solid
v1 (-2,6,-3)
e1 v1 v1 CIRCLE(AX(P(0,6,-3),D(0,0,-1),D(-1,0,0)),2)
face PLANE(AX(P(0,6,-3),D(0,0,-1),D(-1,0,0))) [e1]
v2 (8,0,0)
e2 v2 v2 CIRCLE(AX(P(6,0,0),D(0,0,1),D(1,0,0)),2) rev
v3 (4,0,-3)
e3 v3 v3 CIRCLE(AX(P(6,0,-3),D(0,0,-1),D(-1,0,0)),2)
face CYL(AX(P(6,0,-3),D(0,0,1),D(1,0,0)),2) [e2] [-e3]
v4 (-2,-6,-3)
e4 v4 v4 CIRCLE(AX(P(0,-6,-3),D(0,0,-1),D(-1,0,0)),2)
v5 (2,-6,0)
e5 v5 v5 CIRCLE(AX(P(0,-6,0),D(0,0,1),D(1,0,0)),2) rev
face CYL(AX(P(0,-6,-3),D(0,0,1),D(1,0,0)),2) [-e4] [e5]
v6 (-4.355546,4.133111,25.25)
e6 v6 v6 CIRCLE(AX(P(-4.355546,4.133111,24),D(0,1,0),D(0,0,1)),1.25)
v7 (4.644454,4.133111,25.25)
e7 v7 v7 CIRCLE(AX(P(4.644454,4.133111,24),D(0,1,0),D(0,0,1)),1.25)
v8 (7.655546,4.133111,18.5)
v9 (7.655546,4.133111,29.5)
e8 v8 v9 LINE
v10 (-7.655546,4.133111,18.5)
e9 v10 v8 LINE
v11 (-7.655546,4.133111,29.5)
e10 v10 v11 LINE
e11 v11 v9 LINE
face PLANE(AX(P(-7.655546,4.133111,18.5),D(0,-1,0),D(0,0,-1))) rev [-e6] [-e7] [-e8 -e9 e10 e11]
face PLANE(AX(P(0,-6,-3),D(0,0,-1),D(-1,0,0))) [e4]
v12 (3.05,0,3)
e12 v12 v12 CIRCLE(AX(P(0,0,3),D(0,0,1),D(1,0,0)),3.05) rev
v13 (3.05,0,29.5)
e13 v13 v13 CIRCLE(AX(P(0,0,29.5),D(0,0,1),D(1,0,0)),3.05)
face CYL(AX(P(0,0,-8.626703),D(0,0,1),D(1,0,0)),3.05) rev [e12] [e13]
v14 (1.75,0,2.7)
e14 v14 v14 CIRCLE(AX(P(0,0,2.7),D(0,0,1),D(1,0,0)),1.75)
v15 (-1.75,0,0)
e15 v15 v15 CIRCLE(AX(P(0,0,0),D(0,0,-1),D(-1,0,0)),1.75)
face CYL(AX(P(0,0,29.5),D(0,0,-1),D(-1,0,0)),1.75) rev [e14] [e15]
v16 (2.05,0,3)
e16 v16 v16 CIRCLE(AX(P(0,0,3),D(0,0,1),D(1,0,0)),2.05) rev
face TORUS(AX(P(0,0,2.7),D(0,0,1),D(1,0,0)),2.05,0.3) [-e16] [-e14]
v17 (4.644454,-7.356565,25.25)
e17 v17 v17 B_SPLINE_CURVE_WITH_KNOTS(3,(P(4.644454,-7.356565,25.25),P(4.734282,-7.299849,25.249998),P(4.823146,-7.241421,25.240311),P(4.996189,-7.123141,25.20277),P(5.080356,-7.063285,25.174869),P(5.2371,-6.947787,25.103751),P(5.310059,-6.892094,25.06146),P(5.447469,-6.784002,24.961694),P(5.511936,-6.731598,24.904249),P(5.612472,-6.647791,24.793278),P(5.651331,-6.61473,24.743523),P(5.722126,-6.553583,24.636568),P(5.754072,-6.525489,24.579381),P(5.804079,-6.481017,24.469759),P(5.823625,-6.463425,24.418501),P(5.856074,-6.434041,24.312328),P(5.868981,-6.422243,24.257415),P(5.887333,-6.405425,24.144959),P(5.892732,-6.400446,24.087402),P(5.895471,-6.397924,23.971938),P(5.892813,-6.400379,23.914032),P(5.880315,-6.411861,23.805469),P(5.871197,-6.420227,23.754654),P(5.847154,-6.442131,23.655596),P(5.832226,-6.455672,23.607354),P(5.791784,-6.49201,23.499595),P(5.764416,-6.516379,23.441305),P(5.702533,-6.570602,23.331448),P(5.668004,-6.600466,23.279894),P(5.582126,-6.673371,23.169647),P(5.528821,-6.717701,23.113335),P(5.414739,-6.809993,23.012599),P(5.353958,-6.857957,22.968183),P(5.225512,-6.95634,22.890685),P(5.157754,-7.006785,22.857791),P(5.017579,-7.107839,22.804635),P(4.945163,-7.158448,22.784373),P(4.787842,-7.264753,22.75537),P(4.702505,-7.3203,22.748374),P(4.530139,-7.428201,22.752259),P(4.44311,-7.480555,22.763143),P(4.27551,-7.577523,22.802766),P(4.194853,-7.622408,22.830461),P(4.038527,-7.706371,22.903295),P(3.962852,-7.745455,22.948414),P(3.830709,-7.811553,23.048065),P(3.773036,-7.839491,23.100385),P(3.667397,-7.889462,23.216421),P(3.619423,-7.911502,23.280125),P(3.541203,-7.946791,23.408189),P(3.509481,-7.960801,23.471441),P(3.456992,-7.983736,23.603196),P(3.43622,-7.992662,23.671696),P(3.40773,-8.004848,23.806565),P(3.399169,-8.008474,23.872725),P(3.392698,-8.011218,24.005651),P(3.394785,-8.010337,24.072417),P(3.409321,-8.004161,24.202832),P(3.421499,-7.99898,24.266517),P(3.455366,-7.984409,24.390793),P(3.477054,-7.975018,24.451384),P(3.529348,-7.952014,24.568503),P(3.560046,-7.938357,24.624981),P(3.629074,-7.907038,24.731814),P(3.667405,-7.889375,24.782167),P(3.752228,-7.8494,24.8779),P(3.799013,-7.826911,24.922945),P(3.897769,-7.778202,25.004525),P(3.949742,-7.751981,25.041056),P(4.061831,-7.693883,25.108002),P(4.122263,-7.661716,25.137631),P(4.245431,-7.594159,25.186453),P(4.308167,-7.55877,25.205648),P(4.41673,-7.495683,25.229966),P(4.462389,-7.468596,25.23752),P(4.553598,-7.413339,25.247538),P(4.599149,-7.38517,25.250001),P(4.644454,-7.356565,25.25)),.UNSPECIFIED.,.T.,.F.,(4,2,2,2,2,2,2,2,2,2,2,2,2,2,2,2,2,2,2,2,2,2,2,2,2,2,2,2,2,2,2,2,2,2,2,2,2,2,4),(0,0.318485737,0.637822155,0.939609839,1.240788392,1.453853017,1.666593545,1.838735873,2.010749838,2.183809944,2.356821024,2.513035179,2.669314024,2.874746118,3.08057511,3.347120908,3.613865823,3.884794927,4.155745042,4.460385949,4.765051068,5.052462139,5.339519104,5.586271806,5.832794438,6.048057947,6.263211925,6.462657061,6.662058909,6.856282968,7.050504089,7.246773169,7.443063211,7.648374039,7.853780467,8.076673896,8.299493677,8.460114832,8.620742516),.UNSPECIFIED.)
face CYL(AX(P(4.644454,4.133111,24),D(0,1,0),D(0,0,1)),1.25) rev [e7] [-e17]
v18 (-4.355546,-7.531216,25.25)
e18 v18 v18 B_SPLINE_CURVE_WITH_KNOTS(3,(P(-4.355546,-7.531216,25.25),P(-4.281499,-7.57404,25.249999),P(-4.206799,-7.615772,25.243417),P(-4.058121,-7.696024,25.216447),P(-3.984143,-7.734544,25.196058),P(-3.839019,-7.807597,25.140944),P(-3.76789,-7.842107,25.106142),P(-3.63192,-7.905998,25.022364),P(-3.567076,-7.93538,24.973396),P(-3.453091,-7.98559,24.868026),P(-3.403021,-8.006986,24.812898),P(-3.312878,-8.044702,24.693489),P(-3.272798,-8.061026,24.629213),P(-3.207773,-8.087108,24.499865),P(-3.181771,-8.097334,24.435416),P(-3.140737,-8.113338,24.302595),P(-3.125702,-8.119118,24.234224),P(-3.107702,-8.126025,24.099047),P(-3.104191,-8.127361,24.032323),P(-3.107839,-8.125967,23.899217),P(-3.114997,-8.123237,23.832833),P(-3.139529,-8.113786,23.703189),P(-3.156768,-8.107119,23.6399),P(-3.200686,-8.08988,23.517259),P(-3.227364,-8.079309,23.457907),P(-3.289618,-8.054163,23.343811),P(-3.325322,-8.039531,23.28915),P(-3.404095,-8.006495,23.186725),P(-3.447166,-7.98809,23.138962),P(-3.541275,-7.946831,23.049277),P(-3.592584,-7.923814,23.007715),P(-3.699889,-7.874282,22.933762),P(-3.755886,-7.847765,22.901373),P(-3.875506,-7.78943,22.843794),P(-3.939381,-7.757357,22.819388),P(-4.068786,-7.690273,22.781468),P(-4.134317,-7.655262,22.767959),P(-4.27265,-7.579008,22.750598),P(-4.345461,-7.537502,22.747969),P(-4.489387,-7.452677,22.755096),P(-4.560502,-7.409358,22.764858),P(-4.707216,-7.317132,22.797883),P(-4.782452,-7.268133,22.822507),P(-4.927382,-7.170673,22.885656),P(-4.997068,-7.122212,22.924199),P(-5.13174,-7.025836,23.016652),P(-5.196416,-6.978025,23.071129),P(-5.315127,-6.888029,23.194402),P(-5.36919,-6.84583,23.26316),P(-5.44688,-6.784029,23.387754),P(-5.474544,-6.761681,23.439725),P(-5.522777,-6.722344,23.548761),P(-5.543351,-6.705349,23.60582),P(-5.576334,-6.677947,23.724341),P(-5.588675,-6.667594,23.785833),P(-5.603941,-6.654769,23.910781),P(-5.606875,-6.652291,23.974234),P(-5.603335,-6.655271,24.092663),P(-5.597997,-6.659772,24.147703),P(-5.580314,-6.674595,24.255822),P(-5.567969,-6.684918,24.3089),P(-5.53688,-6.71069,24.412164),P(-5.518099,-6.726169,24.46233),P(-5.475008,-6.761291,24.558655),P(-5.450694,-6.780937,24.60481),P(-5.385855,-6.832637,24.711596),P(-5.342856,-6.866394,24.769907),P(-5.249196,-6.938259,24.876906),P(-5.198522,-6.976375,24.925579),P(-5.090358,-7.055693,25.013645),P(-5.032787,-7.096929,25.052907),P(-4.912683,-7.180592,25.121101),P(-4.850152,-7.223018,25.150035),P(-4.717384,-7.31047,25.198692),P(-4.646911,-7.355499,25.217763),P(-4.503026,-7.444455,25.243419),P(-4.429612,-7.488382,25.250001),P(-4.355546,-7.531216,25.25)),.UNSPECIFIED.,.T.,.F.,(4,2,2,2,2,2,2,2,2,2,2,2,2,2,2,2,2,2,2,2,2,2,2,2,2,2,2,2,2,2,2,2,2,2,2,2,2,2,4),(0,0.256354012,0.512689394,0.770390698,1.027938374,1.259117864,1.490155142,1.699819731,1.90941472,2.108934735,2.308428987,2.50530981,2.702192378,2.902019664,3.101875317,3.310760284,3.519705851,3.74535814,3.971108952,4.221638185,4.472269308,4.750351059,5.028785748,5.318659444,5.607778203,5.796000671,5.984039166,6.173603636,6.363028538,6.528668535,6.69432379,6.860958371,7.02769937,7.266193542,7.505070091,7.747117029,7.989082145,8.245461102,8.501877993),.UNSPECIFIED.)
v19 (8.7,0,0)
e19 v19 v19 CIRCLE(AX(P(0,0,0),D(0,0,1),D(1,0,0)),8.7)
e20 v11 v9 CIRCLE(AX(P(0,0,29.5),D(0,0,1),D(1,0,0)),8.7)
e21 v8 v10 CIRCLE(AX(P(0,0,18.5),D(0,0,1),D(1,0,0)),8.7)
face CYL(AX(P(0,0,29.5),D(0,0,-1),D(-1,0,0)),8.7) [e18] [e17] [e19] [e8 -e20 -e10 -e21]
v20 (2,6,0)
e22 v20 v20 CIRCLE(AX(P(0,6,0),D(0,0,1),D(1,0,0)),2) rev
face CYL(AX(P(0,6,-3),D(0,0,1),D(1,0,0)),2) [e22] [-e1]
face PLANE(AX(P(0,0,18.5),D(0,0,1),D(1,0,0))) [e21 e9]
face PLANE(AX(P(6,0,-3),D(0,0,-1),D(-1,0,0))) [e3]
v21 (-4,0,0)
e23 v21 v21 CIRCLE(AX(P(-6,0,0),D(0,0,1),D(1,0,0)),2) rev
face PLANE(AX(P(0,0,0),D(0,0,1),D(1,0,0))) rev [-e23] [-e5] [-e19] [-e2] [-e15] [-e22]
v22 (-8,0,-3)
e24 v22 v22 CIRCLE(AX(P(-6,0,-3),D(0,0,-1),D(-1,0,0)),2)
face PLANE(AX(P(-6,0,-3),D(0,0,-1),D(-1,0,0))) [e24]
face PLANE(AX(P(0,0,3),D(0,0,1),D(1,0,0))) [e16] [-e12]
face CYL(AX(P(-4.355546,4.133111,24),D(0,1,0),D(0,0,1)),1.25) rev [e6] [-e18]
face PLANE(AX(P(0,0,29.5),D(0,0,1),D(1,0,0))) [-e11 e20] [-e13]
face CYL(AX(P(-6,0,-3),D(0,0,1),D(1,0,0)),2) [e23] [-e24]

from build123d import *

# Parameters (mm, degrees)
SKETCH1_R                   = 8.7
BOSS_EXTRUDE1_DEPTH         = 29.5
SKETCH5_R                   = 1.75
CUT_EXTRUDE1_DEPTH          = 32.962947298
SKETCH6_R                   = 3.05
CUT_EXTRUDE3_DEPTH          = 26.5
SKETCH2_W                   = 17
SKETCH2_H                   = 4.566888769
CUT_EXTRUDE4_DEPTH          = 11
FILLET1_R                   = 0.3
TAP_DRILL_FOR_M3X0_5_TAP1_D = 2.5
SKETCH4_R                   = 2
BOSS_EXTRUDE2_DEPTH         = 3


with BuildPart() as part:
    # Sketch1 → Boss-Extrude1 (new body)
    with BuildSketch(Plane.XY):
        Circle(SKETCH1_R)
    extrude(amount=BOSS_EXTRUDE1_DEPTH)

    # Sketch5 → Cut-Extrude1 (cut, through all)
    with BuildSketch(Plane(origin=(0, 0, 0), x_dir=(-1, 0, 0), z_dir=(0, 0, -1))):
        Circle(SKETCH5_R)
    extrude(amount=-CUT_EXTRUDE1_DEPTH, mode=Mode.SUBTRACT)

    # Sketch6 → Cut-Extrude3 (cut)
    with BuildSketch(Plane.XY.offset(29.5)):
        Circle(SKETCH6_R)
    extrude(amount=-CUT_EXTRUDE3_DEPTH, mode=Mode.SUBTRACT)

    # Sketch2 → Cut-Extrude4 (cut)
    with BuildSketch(Plane.XY.offset(29.5)):
        with Locations((0.844453543, 6.416555616)):
            Rectangle(SKETCH2_W, SKETCH2_H)
    extrude(amount=-CUT_EXTRUDE4_DEPTH, mode=Mode.SUBTRACT)

    # Fillet1
    fillet1_edges = [part.edges().sort_by_distance(p)[0] for p in [
        (1.75, 0, 3),
    ]]
    fillet(fillet1_edges, radius=FILLET1_R)

    # Tap Drill for M3x0.5 Tap1 (through all)
    with Locations(Plane(origin=(0, 4.133111231, 0), x_dir=(1, 0, 0), z_dir=(0, 1, 0))):
        with Locations((4.644453543, -24), (-4.355546457, -24)):
            Hole(TAP_DRILL_FOR_M3X0_5_TAP1_D / 2)

    # Sketch4 → Boss-Extrude2 (add)
    with BuildSketch(Plane(origin=(0, 0, 0), x_dir=(-1, 0, 0), z_dir=(0, 0, -1))):
        with Locations(Location((0, 6, 0), (0, 0, 180))):
            Circle(SKETCH4_R)
        with Locations(Location((6, 0, 0), (0, 0, 180))):
            Circle(SKETCH4_R)
        with Locations(Location((0, -6, 0), (0, 0, 180))):
            Circle(SKETCH4_R)
        with Locations(Location((-6, 0, 0), (0, 0, 180))):
            Circle(SKETCH4_R)
    extrude(amount=BOSS_EXTRUDE2_DEPTH)


solid = part.part
